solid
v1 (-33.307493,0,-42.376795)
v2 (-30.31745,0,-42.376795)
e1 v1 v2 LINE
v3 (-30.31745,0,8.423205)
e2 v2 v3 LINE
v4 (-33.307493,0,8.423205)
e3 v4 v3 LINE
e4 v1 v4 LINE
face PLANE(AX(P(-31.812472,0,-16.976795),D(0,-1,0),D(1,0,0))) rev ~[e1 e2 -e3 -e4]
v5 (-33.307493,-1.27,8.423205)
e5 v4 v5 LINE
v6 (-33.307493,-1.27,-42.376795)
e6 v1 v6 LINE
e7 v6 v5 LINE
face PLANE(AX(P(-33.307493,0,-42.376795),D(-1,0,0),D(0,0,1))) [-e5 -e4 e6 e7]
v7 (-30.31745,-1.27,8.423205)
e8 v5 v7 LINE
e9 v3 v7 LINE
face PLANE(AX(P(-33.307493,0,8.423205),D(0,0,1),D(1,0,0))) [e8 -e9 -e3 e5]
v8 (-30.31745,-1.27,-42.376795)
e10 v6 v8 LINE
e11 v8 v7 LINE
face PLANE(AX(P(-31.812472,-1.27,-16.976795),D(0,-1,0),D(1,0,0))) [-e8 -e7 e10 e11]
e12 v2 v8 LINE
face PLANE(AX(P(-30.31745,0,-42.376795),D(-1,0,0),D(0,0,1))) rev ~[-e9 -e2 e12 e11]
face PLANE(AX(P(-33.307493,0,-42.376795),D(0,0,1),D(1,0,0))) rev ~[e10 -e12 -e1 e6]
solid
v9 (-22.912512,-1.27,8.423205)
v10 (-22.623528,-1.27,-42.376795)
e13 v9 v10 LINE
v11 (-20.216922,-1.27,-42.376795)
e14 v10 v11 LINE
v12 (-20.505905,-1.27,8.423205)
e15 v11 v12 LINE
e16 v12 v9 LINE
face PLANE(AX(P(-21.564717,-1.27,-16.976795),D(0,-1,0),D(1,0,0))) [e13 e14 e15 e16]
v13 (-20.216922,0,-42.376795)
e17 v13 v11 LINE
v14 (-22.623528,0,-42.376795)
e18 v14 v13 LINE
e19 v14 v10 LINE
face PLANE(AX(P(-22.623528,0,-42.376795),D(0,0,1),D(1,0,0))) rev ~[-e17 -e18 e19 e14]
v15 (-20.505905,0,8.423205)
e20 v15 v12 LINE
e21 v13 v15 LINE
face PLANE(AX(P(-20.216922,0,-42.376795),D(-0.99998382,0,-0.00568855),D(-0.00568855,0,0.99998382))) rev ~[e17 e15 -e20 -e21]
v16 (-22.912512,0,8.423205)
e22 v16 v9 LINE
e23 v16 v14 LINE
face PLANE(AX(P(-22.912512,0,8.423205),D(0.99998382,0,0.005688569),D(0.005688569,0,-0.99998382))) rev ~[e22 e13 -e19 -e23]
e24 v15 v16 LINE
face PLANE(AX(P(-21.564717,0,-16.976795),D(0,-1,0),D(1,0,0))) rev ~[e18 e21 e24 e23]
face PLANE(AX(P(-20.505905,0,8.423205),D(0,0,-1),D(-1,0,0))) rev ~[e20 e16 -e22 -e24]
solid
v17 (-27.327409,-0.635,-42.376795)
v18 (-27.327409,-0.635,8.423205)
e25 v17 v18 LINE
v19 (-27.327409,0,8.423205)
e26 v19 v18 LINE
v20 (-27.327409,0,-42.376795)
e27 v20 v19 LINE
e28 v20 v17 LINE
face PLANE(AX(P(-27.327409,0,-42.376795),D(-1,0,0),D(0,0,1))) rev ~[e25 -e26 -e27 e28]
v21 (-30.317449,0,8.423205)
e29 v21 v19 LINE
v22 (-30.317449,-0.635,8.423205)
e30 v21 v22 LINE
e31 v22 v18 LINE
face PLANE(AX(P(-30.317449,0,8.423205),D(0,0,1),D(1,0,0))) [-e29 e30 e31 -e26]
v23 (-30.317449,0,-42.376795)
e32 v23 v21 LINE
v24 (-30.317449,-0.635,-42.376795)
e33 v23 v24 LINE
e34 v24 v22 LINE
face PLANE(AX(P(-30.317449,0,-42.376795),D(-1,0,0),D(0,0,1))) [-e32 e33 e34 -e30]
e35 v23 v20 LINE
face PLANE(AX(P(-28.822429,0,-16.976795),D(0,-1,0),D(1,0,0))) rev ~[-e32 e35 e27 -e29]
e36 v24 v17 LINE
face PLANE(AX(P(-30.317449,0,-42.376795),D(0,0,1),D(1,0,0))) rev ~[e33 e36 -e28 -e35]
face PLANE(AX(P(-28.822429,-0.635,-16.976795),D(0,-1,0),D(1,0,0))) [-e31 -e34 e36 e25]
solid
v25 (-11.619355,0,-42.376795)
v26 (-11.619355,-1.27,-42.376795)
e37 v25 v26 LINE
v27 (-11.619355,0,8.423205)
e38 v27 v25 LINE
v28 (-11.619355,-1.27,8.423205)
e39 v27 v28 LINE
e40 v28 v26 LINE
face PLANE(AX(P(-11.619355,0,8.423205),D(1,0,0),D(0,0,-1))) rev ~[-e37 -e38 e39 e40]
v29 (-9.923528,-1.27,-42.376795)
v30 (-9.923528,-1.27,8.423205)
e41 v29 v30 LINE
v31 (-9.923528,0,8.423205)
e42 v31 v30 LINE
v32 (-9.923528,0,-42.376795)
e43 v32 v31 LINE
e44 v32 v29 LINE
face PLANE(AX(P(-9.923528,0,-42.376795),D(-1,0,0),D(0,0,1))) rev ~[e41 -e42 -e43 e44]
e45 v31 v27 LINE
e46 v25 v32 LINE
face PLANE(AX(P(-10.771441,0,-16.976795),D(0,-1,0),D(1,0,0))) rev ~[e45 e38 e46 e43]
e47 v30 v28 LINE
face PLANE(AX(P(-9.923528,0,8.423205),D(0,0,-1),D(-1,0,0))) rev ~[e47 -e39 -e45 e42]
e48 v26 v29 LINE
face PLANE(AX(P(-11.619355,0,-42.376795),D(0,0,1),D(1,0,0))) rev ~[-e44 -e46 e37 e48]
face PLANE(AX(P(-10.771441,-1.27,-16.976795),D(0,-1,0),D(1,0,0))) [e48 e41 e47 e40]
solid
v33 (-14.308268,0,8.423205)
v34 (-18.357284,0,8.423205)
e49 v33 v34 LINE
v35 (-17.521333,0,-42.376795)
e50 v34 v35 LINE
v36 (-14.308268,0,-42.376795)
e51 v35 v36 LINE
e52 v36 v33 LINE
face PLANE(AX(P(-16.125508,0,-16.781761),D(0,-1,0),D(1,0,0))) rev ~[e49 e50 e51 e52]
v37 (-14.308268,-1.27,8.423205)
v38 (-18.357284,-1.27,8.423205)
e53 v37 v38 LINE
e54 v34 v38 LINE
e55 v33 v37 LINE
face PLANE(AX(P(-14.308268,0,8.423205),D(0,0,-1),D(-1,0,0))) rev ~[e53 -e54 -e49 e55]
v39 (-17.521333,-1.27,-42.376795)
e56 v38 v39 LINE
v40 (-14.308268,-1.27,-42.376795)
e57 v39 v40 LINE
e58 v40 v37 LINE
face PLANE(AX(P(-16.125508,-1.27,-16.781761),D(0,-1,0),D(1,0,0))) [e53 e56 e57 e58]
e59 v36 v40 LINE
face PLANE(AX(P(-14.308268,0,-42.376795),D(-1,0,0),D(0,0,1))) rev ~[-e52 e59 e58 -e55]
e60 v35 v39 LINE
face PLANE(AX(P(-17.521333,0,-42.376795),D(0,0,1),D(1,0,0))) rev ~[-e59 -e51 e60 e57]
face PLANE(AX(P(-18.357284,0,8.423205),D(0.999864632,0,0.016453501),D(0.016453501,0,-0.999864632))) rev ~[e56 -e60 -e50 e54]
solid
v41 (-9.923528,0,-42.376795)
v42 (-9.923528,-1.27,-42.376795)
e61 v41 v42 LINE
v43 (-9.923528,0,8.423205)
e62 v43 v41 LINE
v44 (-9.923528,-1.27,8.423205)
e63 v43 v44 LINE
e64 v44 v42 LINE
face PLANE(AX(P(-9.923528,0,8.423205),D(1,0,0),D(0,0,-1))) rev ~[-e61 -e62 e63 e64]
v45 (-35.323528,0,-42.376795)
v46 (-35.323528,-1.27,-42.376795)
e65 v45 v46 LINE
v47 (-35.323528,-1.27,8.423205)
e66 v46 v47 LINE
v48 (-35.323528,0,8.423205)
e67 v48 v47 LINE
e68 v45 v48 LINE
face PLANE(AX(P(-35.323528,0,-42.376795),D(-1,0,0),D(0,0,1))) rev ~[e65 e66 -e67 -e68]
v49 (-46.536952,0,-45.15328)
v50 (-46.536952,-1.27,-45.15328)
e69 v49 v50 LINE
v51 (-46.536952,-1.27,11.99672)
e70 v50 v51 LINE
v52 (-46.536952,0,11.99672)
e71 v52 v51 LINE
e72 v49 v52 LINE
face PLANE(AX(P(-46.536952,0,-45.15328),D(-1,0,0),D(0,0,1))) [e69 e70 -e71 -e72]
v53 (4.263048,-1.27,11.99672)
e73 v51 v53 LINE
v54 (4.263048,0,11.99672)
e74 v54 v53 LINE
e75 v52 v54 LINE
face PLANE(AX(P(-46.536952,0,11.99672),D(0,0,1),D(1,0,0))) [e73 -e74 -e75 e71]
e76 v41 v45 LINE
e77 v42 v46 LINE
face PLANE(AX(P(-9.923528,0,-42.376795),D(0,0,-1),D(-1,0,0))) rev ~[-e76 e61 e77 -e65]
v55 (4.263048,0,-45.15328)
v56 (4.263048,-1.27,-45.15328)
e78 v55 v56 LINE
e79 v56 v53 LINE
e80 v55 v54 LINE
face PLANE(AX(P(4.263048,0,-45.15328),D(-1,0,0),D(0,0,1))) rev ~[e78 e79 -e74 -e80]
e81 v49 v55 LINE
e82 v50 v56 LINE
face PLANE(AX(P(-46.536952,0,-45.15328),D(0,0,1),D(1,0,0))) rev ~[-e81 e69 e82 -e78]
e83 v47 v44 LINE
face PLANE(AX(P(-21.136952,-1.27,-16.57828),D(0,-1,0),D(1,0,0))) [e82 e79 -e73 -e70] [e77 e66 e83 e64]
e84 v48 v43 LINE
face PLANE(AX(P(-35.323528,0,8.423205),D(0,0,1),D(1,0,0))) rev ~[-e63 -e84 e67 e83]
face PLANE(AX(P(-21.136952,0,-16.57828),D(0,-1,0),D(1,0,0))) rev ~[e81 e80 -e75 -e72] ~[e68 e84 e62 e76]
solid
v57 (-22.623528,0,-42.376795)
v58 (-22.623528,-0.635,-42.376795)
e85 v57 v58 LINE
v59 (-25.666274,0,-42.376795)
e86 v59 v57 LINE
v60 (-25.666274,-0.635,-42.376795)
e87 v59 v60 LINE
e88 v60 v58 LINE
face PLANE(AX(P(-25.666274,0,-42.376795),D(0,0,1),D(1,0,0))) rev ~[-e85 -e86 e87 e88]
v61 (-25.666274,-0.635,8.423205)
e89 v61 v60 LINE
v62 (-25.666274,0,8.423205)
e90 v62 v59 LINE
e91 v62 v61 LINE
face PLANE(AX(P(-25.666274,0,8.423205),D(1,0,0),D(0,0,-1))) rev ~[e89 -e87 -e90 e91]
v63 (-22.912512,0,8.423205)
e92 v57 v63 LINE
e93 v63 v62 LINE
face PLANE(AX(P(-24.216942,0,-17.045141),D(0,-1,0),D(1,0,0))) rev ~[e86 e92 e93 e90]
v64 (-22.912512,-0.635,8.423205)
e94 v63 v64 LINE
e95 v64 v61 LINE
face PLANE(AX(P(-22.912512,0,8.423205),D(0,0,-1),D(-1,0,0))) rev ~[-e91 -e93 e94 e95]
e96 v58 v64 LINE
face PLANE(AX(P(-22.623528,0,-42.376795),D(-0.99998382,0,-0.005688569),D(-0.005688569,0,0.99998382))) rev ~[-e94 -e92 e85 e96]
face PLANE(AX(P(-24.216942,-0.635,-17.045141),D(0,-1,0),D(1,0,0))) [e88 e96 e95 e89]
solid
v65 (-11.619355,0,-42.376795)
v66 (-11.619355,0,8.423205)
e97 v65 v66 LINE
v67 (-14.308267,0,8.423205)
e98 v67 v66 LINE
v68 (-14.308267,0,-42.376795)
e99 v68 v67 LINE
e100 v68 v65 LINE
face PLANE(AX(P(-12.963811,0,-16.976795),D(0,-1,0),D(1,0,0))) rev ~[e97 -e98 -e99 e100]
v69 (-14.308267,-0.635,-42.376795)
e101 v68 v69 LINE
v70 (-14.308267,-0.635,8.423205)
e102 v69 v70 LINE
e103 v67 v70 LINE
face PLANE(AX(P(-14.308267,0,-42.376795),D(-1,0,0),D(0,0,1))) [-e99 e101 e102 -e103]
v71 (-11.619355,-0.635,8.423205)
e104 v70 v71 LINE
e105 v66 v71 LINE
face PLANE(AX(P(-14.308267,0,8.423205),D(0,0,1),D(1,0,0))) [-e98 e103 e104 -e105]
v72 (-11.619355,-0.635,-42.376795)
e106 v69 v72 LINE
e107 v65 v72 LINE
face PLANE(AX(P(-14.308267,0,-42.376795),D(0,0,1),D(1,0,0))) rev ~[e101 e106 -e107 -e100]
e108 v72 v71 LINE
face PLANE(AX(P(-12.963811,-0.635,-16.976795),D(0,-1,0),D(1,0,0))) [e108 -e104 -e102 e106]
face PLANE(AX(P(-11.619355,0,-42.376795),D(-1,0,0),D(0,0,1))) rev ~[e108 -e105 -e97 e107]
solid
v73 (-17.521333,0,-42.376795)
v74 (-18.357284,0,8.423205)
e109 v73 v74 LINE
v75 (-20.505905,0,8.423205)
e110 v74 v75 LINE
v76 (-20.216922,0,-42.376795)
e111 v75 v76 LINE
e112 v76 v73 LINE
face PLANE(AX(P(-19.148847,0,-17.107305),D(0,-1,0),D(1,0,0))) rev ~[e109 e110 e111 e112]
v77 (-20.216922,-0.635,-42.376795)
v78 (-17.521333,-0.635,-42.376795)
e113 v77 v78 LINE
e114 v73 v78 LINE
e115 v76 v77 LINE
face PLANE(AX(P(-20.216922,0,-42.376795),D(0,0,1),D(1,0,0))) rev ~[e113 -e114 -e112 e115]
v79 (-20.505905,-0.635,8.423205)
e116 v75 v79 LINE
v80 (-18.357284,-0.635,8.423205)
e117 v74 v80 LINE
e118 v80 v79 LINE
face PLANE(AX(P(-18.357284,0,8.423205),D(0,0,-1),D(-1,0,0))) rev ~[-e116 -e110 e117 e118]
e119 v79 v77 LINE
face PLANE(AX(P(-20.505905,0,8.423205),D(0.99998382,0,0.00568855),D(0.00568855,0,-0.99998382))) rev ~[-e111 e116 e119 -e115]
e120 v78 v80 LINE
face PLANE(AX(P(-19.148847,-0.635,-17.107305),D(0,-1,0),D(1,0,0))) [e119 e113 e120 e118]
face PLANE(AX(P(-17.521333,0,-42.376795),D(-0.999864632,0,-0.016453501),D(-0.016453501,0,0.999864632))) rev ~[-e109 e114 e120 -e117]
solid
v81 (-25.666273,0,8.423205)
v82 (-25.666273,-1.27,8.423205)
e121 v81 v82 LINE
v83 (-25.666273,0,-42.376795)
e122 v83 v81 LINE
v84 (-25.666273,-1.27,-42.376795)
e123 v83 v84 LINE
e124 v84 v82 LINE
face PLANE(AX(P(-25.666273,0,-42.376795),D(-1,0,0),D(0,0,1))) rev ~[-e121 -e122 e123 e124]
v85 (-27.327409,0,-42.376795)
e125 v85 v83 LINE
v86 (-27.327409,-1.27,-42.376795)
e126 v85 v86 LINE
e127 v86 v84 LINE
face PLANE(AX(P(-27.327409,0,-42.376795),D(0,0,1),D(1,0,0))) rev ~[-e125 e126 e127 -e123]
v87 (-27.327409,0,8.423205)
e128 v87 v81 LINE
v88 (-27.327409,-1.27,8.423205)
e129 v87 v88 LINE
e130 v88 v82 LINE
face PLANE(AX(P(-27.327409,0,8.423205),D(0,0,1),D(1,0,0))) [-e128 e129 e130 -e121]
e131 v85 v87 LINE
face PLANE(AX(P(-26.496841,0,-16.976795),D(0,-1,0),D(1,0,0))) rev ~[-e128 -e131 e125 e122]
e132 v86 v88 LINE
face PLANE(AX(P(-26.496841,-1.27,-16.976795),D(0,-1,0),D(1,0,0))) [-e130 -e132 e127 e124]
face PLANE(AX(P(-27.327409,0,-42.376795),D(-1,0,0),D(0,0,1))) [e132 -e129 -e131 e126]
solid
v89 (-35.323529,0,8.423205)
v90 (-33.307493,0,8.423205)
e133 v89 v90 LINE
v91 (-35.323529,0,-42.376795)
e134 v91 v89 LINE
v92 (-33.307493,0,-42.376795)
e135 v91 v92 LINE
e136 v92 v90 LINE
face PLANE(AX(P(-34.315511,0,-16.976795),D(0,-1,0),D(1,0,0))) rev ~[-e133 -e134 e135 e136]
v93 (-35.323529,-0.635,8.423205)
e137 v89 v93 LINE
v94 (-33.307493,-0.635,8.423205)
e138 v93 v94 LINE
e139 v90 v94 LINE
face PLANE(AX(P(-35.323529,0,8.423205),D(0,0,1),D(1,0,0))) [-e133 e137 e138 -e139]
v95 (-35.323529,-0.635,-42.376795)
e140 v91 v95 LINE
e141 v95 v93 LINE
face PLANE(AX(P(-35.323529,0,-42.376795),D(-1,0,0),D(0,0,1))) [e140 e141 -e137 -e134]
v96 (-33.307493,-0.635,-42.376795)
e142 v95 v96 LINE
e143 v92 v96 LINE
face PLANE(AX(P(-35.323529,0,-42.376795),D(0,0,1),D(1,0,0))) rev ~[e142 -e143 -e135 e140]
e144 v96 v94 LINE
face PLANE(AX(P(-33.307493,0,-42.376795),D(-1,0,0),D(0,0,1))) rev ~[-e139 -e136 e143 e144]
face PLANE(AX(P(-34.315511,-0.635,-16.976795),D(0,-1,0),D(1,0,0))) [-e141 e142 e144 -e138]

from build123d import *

# Parameters (mm, degrees)
F0_W     = 2.016035
F0_H     = 50.8
F0_W_2   = 2.990041
F0_W_3   = 2.688913
F1_DEPTH = 0.635
F0_W_4   = 2.990043
F0_W_5   = 1.661135
F2_DEPTH = 1.27
F0_W_6   = 50.8
F0_H_2   = 57.15
F3_DEPTH = 1.27


with BuildPart() as f1:
    # F0 (on Front) → F1 (new body)
    with BuildSketch(Plane.XZ):
        with Locations((-34.315511, -16.976795)):
            Rectangle(F0_W, F0_H)
        with Locations((-28.822429, -16.976795)):
            Rectangle(F0_W_2, F0_H)
        Polygon((-22.912512, 8.423205), (-25.666274, 8.423205), (-25.666274, -42.376795), (-22.912512, -42.376795), (-22.623528, -42.376795), align=None)
        Polygon((-18.357284, 8.423205), (-20.505905, 8.423205), (-20.216922, -42.376795), (-17.521333, -42.376795), align=None)
        with Locations((-12.963811, -16.976795)):
            Rectangle(F0_W_3, F0_H)
    extrude(amount=F1_DEPTH)


with BuildPart() as f2:
    # F0 (on Front) → F2 (new body)
    with BuildSketch(Plane.XZ):
        with Locations((-31.812472, -16.976795)):
            Rectangle(F0_W_4, F0_H)
        with Locations((-26.496841, -16.976795)):
            Rectangle(F0_W_5, F0_H)
        Polygon((-20.505905, 8.423205), (-22.912512, 8.423205), (-22.623528, -42.376795), (-20.216922, -42.376795), align=None)
        Polygon((-14.308268, 8.423205), (-18.357284, 8.423205), (-17.521333, -42.376795), (-14.308268, -42.376795), align=None)
        Polygon((-9.923528, 8.423205), (-11.619355, 8.423205), (-11.619355, -42.376795), (-11.311764, -42.376795), (-9.923528, -42.376795), align=None)
    extrude(amount=F2_DEPTH)


with BuildPart() as f3:
    # F0 (on Front) → F3 (new body)
    with BuildSketch(Plane.XZ):
        with Locations((-21.136952, -16.57828)):
            Rectangle(F0_W_6, F0_H_2)
        Polygon((-35.323528, -42.376795), (-35.323528, 8.423205), (-33.307493, 8.423205), (-30.31745, 8.423205), (-27.327409, 8.423205), (-25.666274, 8.423205), (-22.912512, 8.423205), (-20.505905, 8.423205), (-18.357284, 8.423205), (-14.308268, 8.423205), (-11.619355, 8.423205), (-9.923528, 8.423205), (-9.923528, -42.376795), (-11.311764, -42.376795), (-11.619355, -42.376795), (-14.308268, -42.376795), (-17.521333, -42.376795), (-20.216922, -42.376795), (-22.623528, -42.376795), (-22.912512, -42.376795), (-25.666274, -42.376795), (-27.327409, -42.376795), (-30.31745, -42.376795), (-33.307493, -42.376795), align=None, mode=Mode.SUBTRACT)
    extrude(amount=F3_DEPTH)


solid = Compound([f1.part, f2.part, f3.part])
